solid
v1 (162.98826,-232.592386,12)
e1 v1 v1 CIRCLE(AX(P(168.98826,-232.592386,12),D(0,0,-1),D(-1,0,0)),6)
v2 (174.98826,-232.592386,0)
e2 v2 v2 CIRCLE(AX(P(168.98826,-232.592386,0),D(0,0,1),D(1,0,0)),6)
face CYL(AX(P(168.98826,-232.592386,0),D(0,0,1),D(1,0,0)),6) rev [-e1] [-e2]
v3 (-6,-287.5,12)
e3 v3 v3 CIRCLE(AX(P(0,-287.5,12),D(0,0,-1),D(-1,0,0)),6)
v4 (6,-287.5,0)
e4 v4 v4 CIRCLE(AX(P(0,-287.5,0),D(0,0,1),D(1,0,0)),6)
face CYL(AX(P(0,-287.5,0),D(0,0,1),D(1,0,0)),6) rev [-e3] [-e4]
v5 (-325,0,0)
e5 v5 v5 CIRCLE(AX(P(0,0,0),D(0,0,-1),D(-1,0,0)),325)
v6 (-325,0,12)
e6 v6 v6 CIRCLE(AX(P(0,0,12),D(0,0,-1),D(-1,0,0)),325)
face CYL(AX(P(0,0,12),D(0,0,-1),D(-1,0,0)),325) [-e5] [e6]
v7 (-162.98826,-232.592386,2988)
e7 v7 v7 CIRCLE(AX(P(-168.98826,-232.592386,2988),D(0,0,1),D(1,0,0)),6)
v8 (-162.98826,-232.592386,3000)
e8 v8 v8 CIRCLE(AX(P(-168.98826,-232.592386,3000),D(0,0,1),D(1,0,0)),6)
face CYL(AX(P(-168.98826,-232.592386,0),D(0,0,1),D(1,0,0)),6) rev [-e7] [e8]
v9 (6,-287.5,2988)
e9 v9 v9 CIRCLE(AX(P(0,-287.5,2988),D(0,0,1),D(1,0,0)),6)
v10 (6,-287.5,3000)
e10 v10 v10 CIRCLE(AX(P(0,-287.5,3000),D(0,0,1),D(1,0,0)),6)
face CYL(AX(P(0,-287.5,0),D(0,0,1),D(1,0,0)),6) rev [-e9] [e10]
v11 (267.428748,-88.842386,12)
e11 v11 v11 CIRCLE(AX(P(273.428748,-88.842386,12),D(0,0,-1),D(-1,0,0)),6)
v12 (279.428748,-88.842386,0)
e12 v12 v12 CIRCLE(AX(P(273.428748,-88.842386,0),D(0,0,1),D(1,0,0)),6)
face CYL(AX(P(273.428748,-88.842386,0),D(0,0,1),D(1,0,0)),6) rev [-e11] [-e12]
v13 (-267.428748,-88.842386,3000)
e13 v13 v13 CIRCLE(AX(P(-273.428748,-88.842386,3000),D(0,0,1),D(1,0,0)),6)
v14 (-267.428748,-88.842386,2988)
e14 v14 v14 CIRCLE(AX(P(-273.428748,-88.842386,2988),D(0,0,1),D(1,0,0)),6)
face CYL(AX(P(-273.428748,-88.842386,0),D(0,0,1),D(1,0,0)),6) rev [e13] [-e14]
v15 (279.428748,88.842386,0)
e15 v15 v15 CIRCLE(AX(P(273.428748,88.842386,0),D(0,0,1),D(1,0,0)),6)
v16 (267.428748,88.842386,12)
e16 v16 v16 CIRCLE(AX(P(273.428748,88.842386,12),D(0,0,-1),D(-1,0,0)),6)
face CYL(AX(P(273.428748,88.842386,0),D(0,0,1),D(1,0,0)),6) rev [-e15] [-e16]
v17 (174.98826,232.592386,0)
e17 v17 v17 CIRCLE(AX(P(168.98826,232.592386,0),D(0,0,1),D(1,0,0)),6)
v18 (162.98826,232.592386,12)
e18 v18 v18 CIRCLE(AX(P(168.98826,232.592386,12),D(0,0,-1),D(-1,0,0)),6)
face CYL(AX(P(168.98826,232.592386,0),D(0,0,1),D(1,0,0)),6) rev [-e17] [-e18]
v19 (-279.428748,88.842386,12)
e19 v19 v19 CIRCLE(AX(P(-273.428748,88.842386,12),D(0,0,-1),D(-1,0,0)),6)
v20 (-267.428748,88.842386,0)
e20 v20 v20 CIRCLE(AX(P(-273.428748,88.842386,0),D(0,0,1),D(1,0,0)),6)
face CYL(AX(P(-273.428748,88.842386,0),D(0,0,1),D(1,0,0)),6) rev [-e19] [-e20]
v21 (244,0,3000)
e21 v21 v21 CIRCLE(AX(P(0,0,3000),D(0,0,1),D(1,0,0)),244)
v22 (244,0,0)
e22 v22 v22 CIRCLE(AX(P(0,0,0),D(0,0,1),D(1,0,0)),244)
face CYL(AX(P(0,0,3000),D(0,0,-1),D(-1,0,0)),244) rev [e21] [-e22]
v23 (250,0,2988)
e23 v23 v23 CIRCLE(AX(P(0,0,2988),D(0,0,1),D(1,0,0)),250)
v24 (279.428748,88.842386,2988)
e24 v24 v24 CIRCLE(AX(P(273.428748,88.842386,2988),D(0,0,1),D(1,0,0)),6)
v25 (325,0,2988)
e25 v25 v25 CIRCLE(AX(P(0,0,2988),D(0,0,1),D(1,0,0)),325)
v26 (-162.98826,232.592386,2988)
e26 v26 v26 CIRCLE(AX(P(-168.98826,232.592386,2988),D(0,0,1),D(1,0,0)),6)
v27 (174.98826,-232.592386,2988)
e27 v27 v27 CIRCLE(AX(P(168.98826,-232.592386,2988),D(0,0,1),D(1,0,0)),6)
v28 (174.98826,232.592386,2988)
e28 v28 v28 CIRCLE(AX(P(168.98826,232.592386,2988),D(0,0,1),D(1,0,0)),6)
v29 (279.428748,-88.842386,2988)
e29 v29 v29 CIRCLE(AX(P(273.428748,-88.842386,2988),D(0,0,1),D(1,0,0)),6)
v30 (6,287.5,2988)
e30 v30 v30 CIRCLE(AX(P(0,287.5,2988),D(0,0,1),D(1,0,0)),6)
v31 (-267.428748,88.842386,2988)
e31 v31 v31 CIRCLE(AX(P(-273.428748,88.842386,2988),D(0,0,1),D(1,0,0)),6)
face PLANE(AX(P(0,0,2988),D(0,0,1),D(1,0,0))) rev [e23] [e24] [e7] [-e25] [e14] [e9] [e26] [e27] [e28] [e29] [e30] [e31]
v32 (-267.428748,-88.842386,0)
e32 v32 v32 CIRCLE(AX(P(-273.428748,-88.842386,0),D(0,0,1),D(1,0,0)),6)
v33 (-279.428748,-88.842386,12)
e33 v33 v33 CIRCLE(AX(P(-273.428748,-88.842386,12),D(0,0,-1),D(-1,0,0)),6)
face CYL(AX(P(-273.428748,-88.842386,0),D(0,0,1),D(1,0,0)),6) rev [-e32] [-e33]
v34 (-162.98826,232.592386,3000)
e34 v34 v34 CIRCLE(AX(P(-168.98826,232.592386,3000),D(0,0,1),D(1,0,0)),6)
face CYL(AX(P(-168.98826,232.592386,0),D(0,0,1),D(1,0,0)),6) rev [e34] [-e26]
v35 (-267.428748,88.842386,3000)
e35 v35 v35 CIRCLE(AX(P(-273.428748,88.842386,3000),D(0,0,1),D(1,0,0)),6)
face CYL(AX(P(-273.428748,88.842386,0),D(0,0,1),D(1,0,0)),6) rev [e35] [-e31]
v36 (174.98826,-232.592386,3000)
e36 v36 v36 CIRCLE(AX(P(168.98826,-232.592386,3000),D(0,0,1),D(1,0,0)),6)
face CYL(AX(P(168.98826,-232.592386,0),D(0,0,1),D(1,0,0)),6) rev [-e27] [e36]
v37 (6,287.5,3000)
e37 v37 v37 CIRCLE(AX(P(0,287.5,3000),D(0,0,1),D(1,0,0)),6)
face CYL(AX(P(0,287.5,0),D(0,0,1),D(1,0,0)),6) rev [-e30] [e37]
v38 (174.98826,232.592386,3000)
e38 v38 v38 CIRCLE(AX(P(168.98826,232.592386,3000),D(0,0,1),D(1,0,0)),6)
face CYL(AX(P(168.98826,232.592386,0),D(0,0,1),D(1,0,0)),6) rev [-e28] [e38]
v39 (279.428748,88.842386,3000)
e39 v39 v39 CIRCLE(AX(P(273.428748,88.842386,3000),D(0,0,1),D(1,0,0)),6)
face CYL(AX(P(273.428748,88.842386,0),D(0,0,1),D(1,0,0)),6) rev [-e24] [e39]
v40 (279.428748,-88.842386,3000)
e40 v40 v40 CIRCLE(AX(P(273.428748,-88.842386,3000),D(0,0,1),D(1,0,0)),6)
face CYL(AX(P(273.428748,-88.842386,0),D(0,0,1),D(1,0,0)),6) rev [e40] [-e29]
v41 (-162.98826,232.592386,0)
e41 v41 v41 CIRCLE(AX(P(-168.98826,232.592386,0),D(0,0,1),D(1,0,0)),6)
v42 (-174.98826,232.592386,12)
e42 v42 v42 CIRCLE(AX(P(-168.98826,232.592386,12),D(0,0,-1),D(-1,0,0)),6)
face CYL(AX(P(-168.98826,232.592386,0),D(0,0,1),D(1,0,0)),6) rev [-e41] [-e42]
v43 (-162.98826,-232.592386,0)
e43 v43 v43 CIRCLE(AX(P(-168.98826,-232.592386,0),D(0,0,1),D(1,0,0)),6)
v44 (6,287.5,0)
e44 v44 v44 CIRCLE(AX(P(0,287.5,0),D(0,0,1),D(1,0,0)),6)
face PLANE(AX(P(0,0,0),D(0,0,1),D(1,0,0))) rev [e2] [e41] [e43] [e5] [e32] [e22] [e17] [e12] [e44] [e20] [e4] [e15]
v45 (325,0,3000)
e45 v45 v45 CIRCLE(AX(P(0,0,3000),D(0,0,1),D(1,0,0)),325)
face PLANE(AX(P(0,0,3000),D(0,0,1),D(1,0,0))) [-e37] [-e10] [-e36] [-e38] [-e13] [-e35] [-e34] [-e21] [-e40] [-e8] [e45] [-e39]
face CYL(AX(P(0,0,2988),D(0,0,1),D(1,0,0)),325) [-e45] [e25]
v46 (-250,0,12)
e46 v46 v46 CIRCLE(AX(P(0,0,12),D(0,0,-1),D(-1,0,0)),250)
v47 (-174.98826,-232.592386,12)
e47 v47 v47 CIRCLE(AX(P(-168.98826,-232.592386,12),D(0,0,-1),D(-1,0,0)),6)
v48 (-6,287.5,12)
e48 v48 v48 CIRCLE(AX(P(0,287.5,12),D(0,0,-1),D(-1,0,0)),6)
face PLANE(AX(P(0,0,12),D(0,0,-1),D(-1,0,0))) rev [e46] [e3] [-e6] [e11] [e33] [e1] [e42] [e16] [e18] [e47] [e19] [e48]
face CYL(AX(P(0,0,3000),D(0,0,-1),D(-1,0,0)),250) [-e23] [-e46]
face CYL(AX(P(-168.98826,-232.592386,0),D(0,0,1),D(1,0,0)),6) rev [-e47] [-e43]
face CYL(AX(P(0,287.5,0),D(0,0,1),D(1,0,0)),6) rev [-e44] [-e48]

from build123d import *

# Parameters (mm, degrees)
SKETCH1_R           = 250
SKETCH1_R_2         = 244
BOSS_EXTRUDE1_DEPTH = 3000
BOSS_EXTRUDE2_START = -12
SKETCH2_R           = 325
SKETCH2_R_2         = 250
BOSS_EXTRUDE2_DEPTH = 12
SKETCH4_R           = 325
SKETCH4_R_2         = 250
BOSS_EXTRUDE3_DEPTH = 12
SKETCH6_R           = 6
CUT_EXTRUDE3_DEPTH  = 3036.004118613


with BuildPart() as part:
    # Sketch1 → Boss-Extrude1 (new body)
    with BuildSketch(Plane.XY):
        Circle(SKETCH1_R)
        Circle(SKETCH1_R_2, mode=Mode.SUBTRACT)
    extrude(amount=BOSS_EXTRUDE1_DEPTH)

    # Sketch2 → Boss-Extrude2 (add)
    with BuildSketch(Plane.XY.offset(3000).offset(BOSS_EXTRUDE2_START)):
        Circle(SKETCH2_R)
        Circle(SKETCH2_R_2, mode=Mode.SUBTRACT)
    extrude(amount=BOSS_EXTRUDE2_DEPTH)

    # Sketch4 → Boss-Extrude3 (add)
    with BuildSketch(Plane(origin=(0, 0, 0), x_dir=(-1, 0, 0), z_dir=(0, 0, -1))):
        with Locations(Location((0, 0, 0), (0, 0, 180))):
            Circle(SKETCH4_R)
        Circle(SKETCH4_R_2, mode=Mode.SUBTRACT)
    extrude(amount=-BOSS_EXTRUDE3_DEPTH)

    # Sketch6 → Cut-Extrude3 (cut, through all)
    with BuildSketch(Plane.XY.offset(3000)):
        with Locations((0, 287.5)):
            Circle(SKETCH6_R)
        with Locations((168.988260034, 232.592385883)):
            Circle(SKETCH6_R)
        with Locations((273.428748435, 88.842385883)):
            Circle(SKETCH6_R)
        with Locations((273.428748435, -88.842385883)):
            Circle(SKETCH6_R)
        with Locations((168.988260034, -232.592385883)):
            Circle(SKETCH6_R)
        with Locations((0, -287.5)):
            Circle(SKETCH6_R)
        with Locations((-168.988260034, -232.592385883)):
            Circle(SKETCH6_R)
        with Locations((-273.428748435, -88.842385883)):
            Circle(SKETCH6_R)
        with Locations((-273.428748435, 88.842385883)):
            Circle(SKETCH6_R)
        with Locations((-168.988260034, 232.592385883)):
            Circle(SKETCH6_R)
    extrude(amount=-CUT_EXTRUDE3_DEPTH, mode=Mode.SUBTRACT)


solid = part.part
